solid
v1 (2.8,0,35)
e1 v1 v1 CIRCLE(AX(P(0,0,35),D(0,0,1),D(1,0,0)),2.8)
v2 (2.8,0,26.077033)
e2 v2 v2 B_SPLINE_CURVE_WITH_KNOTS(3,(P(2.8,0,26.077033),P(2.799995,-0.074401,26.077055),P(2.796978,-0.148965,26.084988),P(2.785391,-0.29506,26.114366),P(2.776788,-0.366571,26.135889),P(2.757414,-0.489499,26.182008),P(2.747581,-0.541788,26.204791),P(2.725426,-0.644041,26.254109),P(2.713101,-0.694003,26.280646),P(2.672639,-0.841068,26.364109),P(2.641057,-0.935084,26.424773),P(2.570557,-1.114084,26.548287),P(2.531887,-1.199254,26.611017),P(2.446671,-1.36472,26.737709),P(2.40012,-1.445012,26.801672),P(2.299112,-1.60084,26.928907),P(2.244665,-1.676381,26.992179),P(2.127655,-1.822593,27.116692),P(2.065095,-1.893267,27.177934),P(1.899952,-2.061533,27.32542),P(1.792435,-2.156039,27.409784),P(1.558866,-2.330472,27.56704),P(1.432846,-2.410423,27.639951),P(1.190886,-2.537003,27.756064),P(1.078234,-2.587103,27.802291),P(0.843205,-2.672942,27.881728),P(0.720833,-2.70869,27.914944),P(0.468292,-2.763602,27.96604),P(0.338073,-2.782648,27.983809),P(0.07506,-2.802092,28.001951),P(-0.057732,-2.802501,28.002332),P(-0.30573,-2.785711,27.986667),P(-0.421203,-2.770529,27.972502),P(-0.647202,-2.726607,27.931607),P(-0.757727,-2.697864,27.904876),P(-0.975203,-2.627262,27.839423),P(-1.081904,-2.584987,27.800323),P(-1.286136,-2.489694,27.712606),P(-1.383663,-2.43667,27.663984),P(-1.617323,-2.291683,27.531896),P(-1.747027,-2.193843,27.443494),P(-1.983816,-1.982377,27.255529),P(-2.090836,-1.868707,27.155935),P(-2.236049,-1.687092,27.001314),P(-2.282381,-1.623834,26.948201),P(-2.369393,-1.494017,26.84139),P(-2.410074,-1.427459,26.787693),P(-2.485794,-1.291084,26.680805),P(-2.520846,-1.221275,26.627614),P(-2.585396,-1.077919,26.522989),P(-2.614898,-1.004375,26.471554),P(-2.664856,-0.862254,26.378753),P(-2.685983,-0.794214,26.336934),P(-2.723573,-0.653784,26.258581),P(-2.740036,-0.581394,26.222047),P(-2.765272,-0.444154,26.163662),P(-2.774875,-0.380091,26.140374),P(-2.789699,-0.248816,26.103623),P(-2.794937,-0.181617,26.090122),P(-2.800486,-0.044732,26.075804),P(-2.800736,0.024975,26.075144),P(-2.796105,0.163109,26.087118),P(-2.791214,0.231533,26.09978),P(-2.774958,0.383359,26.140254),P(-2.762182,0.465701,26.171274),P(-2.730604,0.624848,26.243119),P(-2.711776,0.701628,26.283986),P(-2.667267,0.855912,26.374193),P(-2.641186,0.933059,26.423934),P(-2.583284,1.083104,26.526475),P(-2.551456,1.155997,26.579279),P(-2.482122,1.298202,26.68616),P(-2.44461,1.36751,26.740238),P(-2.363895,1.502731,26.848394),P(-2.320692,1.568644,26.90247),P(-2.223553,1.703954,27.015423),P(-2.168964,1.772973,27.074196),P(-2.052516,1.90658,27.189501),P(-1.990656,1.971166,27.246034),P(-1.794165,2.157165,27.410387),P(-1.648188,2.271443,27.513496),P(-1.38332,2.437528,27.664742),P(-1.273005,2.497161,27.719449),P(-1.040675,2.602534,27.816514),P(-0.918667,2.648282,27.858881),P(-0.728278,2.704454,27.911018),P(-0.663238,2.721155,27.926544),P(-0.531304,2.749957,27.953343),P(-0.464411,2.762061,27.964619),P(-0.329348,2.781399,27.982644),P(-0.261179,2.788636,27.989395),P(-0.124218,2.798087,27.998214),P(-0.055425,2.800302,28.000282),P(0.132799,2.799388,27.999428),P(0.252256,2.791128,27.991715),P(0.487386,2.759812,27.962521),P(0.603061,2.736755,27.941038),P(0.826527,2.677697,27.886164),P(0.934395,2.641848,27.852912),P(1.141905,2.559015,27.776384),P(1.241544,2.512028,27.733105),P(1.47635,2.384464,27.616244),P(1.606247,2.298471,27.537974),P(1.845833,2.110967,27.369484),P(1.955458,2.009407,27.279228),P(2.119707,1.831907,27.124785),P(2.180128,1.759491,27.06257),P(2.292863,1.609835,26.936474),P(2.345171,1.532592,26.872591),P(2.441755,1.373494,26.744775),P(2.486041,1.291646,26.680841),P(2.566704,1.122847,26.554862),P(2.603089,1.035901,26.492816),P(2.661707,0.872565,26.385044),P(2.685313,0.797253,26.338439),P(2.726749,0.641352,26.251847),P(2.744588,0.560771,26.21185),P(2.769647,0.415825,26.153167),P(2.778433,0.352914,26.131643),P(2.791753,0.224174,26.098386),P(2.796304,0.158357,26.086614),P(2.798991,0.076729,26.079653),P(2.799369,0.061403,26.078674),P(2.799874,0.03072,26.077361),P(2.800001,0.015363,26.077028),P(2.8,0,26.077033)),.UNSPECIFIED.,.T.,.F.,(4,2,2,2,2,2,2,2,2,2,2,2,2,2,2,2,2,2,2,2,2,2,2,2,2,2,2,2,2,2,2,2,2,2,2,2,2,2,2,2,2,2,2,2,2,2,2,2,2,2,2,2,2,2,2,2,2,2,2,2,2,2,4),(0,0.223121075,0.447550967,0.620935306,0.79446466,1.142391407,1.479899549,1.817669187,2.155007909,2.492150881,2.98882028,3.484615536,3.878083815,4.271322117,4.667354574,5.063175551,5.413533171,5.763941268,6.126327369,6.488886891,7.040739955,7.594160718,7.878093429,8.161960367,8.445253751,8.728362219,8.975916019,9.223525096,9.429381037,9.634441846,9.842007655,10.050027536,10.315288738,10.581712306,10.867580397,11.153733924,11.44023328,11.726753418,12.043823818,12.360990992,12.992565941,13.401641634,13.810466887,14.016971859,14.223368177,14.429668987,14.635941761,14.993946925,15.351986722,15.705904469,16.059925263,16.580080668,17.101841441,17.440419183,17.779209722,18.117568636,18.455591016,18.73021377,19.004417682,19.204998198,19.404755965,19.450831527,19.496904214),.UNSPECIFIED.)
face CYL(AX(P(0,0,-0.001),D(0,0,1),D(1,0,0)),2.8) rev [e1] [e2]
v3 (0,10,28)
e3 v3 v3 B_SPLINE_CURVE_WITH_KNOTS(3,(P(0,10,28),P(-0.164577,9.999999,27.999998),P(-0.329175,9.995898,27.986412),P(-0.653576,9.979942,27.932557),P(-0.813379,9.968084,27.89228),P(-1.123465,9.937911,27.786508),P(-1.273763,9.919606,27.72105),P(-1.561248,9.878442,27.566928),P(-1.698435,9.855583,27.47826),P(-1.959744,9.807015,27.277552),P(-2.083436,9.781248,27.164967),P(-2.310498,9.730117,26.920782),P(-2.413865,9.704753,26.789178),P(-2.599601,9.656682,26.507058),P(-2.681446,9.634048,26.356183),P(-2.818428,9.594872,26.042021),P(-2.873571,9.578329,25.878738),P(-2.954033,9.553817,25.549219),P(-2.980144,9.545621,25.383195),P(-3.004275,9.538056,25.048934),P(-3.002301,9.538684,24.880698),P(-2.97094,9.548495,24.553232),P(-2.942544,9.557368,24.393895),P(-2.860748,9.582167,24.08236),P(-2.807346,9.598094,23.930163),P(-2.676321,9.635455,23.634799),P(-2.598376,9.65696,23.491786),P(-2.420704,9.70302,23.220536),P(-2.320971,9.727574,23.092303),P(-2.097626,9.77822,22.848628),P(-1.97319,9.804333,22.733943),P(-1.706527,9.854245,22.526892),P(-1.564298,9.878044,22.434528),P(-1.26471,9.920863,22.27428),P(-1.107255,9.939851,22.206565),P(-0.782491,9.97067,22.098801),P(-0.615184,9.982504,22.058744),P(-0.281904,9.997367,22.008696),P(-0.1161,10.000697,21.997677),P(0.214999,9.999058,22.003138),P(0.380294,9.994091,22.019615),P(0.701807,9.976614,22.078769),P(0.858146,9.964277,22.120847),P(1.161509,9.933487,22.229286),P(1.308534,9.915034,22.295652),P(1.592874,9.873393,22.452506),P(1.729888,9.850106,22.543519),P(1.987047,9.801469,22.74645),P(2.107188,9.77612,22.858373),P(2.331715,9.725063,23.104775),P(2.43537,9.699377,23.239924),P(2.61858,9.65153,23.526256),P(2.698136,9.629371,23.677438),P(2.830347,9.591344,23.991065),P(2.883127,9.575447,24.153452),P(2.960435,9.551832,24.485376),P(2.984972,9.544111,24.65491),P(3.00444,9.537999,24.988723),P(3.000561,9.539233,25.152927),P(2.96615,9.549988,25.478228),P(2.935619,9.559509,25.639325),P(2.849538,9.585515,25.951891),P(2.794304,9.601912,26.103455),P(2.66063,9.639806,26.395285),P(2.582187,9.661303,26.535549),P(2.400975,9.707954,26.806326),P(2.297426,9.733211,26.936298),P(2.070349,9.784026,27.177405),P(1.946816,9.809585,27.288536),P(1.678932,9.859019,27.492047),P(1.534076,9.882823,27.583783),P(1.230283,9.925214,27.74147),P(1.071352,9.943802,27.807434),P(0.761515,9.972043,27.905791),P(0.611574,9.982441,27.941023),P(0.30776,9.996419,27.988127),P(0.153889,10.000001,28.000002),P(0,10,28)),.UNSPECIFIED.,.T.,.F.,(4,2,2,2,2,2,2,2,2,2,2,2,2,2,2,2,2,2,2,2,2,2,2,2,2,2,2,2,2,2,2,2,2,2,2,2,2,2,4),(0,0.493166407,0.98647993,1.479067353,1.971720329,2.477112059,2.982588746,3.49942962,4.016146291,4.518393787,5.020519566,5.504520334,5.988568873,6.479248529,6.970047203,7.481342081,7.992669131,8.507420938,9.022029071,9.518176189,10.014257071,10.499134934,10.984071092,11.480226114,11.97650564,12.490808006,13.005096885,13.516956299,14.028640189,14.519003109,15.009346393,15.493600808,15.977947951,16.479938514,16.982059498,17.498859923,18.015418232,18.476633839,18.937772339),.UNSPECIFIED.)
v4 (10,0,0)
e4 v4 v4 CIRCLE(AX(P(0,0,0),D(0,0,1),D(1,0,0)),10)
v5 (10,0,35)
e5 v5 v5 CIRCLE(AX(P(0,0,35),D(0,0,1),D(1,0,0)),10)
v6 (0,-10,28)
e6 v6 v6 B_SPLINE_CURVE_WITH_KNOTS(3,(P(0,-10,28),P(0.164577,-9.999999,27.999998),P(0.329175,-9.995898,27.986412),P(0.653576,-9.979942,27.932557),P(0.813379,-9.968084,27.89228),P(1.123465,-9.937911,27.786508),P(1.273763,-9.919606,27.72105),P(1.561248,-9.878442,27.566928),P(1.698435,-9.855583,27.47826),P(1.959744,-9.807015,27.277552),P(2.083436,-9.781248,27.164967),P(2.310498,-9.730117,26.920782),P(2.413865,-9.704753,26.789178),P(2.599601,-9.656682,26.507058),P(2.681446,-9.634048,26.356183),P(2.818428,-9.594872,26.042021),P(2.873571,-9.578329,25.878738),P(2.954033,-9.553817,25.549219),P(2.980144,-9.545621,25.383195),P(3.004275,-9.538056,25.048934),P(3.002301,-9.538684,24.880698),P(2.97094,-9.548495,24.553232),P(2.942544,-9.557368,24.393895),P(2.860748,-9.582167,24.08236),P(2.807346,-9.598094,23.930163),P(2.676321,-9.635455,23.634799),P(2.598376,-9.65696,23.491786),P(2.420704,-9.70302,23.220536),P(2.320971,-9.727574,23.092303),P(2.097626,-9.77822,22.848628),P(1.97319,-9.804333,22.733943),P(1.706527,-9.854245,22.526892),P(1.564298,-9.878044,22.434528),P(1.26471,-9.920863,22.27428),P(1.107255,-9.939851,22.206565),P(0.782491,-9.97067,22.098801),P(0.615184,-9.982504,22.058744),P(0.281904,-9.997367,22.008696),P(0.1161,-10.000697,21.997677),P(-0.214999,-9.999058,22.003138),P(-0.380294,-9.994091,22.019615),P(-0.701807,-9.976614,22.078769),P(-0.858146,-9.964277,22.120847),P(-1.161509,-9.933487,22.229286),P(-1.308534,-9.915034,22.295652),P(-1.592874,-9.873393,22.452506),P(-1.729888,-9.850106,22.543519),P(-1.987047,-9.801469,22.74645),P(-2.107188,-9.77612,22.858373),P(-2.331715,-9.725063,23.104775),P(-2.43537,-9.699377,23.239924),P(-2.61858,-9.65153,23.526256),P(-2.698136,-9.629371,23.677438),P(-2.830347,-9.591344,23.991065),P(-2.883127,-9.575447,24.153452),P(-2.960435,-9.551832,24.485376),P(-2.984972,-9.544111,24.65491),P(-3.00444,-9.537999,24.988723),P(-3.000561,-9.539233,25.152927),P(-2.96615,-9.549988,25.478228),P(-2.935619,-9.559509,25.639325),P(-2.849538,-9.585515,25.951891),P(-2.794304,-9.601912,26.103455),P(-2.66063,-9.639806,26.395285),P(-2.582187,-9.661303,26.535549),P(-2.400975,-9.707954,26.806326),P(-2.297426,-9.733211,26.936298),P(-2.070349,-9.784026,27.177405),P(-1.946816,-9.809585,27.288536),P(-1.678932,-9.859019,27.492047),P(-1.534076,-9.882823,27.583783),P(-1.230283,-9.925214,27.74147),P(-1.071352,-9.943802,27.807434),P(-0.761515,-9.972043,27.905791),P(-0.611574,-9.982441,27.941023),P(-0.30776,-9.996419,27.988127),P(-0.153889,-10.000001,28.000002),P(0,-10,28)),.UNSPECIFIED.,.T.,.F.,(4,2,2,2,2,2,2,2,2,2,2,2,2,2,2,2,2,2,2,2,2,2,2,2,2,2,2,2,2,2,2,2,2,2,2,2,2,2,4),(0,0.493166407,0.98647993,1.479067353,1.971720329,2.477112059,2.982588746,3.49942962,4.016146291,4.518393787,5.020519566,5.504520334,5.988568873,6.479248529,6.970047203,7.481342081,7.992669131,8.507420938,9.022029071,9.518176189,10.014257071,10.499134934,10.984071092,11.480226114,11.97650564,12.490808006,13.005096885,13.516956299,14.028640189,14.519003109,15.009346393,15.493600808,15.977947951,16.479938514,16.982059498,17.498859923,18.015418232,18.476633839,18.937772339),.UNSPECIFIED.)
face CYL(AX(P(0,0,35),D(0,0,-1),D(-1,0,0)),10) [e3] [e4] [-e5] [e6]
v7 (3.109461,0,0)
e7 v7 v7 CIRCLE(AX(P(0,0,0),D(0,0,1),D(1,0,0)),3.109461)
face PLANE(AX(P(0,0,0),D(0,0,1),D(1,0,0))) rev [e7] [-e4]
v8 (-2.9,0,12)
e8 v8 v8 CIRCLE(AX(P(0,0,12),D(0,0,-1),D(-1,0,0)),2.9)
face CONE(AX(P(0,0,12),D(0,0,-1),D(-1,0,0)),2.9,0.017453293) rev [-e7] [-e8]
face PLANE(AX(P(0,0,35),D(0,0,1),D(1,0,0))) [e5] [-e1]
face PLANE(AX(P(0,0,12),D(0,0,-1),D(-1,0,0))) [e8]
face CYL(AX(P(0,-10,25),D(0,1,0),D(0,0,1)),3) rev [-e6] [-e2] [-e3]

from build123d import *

# Parameters (mm, degrees)
SKETCH1_R               = 10
BOSS_EXTRUDE1_DEPTH     = 35
SKETCH2_R               = 2.9
CUT_EXTRUDE1_DEPTH      = 12
CUT_EXTRUDE1_DRAFT      = -1
CUT_EXTRUDE2_DEPTH      = 38.749172176
CUT_EXTRUDE2_DEPTH_BACK = 38.749172176
SKETCH3_R               = 3
CUT_EXTRUDE3_REACH      = 39.749
CUT_EXTRUDE3_END_RADIUS = 3
SKETCH4_R               = 2.8


with BuildPart() as part:
    # Sketch1 → Boss-Extrude1 (new body)
    with BuildSketch(Plane.XY):
        Circle(SKETCH1_R)
    extrude(amount=BOSS_EXTRUDE1_DEPTH)


with BuildPart() as cut_extrude1_tool:
    # Sketch2 → Cut-Extrude1 (with draft: the straight prism first)
    with BuildSketch(Plane(origin=(0, 0, 12), x_dir=(-1, 0, 0), z_dir=(0, 0, -1))):
        Circle(SKETCH2_R)
    extrude(amount=CUT_EXTRUDE1_DEPTH)
    # Cut-Extrude1: the draft: its side faces are tilted about the plane it starts from
    cut_extrude1_sides = [cut_extrude1_tool.faces().sort_by_distance(p)[0] for p in [
        (2.9, 0, 6),
    ]]
    draft(cut_extrude1_sides, Plane(origin=(0, 0, 12), x_dir=(-1, 0, 0), z_dir=(0, 0, -1)), CUT_EXTRUDE1_DRAFT)


with BuildPart() as part_1:
    add(part.part)

    # Cut-Extrude1: cut by cut_extrude1_tool
    add(cut_extrude1_tool.part, mode=Mode.SUBTRACT)

    # Sketch3 → Cut-Extrude2 (cut, two sides: drawn at the far end of the back side and taken through both)
    with BuildSketch(Plane(origin=(0, 0, 0), x_dir=(1, 0, 0), z_dir=(0, 1, 0)).offset(-CUT_EXTRUDE2_DEPTH_BACK)):
        with Locations(Location((0, -25, 0), (0, 0, 270))):
            Circle(SKETCH3_R)
    extrude(amount=CUT_EXTRUDE2_DEPTH + CUT_EXTRUDE2_DEPTH_BACK, mode=Mode.SUBTRACT)

    # Cut-Extrude3: up to this cylinder (the profile starts outside it)
    cut_extrude3_end = Plane(origin=(0, 0, 25), z_dir=(0, 1, 0)) * Cylinder(CUT_EXTRUDE3_END_RADIUS, 86.498, mode=Mode.PRIVATE)
    # Sketch4 → Cut-Extrude3 (cut, up to the surface)
    with BuildSketch(Plane.XY.offset(35), mode=Mode.PRIVATE) as cut_extrude3_sk1:
        Circle(SKETCH4_R)
    cut_extrude3_tool1 = extrude(cut_extrude3_sk1.sketch, amount=-CUT_EXTRUDE3_REACH, mode=Mode.PRIVATE) - cut_extrude3_end
    add(cut_extrude3_tool1.solids().sort_by_distance((0, 0, 35))[0], mode=Mode.SUBTRACT)


solid = part_1.part
